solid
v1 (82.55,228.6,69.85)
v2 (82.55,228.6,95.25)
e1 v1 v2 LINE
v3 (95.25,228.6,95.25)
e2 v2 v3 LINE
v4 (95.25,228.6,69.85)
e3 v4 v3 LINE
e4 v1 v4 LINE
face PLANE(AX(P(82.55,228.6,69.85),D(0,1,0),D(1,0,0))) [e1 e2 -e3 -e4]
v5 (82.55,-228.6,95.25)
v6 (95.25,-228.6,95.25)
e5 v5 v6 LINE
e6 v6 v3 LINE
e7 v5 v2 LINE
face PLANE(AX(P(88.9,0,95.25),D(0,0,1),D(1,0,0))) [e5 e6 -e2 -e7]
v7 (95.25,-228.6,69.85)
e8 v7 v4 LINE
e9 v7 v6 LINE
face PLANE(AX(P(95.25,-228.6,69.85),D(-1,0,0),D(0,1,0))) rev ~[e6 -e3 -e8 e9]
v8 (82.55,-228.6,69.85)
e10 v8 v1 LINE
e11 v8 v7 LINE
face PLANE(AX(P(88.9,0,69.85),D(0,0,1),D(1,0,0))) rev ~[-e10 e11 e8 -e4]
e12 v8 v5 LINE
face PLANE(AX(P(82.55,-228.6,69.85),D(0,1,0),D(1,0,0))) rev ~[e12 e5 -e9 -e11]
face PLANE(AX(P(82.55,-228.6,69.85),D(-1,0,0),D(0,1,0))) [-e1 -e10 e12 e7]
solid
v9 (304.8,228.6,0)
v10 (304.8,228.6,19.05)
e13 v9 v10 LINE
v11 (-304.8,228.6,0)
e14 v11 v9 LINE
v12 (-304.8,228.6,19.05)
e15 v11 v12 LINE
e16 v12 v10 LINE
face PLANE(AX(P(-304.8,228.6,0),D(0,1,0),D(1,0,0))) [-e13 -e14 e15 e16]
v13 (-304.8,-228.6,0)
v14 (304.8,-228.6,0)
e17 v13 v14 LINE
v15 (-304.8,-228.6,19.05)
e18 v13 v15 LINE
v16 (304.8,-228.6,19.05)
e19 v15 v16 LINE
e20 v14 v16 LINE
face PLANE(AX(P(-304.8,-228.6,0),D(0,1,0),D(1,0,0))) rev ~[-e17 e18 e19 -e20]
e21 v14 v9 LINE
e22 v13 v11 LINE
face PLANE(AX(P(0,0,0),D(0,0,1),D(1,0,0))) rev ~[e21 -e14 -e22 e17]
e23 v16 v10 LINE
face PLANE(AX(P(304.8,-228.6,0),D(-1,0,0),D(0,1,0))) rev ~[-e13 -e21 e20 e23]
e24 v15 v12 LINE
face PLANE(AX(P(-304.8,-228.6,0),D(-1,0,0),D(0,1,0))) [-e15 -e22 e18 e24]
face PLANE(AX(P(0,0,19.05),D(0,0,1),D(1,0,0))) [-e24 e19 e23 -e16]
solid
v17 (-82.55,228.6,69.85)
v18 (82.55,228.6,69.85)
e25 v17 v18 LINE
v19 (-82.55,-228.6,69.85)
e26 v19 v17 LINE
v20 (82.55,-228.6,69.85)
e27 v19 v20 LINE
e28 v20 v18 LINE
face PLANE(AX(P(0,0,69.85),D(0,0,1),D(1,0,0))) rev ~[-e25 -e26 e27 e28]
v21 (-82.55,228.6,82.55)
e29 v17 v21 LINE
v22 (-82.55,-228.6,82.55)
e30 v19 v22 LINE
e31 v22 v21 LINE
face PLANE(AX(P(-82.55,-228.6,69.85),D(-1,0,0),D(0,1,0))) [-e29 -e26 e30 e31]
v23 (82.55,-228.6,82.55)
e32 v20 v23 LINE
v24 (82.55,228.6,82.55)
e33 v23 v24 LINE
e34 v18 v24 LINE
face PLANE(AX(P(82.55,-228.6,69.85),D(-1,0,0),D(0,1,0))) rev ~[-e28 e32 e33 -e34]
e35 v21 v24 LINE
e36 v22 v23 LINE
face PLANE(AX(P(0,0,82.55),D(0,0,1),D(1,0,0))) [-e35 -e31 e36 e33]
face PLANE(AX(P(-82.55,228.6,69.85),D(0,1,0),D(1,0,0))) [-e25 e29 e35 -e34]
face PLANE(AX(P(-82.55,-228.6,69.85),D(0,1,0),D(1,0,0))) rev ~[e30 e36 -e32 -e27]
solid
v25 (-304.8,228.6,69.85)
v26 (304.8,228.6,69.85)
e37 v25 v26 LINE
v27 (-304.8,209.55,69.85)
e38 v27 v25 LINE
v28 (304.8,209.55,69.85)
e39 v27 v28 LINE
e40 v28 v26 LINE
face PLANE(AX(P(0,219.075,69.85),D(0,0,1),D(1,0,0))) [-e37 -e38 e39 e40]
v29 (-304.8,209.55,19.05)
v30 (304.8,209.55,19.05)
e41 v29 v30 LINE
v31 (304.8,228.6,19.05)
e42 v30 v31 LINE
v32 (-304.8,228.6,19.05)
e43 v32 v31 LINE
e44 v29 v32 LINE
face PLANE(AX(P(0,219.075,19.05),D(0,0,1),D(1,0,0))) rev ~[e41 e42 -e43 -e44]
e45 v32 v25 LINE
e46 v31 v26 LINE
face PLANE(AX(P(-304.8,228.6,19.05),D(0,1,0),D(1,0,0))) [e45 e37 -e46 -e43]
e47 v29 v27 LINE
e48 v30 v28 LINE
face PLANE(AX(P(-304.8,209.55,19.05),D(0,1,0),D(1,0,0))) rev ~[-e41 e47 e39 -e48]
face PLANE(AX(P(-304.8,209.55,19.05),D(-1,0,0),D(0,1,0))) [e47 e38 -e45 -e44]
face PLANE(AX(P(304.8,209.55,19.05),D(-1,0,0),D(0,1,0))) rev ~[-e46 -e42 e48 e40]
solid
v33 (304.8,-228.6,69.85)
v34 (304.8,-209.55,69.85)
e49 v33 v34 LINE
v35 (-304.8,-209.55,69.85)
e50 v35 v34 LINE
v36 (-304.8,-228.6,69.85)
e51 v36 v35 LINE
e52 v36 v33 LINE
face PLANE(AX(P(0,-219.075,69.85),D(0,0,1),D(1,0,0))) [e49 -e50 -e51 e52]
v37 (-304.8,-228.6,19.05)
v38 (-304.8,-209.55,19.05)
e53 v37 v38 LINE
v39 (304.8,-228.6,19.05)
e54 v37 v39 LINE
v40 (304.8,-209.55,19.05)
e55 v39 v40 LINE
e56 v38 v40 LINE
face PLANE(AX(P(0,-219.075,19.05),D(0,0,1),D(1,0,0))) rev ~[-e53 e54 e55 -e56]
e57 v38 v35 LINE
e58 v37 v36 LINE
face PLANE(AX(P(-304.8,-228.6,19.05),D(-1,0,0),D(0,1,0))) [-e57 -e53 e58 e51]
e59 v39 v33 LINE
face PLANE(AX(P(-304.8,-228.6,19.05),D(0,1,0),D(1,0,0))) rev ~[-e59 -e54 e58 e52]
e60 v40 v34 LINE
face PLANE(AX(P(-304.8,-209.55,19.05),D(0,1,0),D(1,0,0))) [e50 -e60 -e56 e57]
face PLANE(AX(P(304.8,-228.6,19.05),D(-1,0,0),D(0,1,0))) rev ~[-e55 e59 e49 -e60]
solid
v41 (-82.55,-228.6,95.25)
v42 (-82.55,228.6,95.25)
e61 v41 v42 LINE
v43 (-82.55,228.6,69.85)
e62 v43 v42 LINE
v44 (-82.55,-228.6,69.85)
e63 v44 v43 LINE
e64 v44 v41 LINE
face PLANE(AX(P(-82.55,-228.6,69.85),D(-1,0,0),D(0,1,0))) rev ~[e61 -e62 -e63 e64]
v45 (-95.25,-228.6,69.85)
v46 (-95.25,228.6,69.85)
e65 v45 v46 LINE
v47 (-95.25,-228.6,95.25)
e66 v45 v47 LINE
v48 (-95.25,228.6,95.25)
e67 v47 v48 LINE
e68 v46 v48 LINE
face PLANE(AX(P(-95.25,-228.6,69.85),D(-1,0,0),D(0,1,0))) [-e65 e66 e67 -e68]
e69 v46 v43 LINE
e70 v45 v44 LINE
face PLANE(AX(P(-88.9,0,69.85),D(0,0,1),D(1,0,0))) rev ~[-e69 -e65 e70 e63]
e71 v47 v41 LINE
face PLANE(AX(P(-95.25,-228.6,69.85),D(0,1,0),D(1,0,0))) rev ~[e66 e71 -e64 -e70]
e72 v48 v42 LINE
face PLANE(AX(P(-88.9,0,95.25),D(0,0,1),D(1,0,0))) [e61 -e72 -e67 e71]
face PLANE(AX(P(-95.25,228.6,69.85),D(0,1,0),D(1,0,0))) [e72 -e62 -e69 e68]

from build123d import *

# Parameters (mm, degrees)
F0_W     = 609.6
F0_H     = 457.2
F1_DEPTH = 19.05
F2_W     = 609.6
F2_H     = 19.05
F3_DEPTH = 50.8
F4_W     = 165.1
F4_H     = 457.2
F5_DEPTH = 12.7
F6_W     = 12.7
F6_H     = 457.2
F7_DEPTH = 25.4


with BuildPart() as f1:
    # F0 (on Top) → F1 (new body)
    with BuildSketch(Plane.XY):
        Rectangle(F0_W, F0_H)
    extrude(amount=F1_DEPTH)


with BuildPart() as f3:
    # F2 (on face) → F3 (new body)
    with BuildSketch(Plane.XY.offset(19.05)):
        with Locations((0, 219.075)):
            Rectangle(F2_W, F2_H)
        with Locations((0, -219.075)):
            Rectangle(F2_W, F2_H)
    extrude(amount=F3_DEPTH)


with BuildPart() as f5:
    # F4 (on face) → F5 (new body)
    with BuildSketch(Plane.XY.offset(69.85)):
        Rectangle(F4_W, F4_H)
    extrude(amount=F5_DEPTH)


with BuildPart() as f7:
    # F6 (on face) → F7 (new body)
    with BuildSketch(Plane.XY.offset(69.85)):
        with Locations((-88.9, 0)):
            Rectangle(F6_W, F6_H)
        with Locations((88.9, 0)):
            Rectangle(F6_W, F6_H)
    extrude(amount=F7_DEPTH)


solid = Compound([f1.part, f3.part, f5.part, f7.part])
